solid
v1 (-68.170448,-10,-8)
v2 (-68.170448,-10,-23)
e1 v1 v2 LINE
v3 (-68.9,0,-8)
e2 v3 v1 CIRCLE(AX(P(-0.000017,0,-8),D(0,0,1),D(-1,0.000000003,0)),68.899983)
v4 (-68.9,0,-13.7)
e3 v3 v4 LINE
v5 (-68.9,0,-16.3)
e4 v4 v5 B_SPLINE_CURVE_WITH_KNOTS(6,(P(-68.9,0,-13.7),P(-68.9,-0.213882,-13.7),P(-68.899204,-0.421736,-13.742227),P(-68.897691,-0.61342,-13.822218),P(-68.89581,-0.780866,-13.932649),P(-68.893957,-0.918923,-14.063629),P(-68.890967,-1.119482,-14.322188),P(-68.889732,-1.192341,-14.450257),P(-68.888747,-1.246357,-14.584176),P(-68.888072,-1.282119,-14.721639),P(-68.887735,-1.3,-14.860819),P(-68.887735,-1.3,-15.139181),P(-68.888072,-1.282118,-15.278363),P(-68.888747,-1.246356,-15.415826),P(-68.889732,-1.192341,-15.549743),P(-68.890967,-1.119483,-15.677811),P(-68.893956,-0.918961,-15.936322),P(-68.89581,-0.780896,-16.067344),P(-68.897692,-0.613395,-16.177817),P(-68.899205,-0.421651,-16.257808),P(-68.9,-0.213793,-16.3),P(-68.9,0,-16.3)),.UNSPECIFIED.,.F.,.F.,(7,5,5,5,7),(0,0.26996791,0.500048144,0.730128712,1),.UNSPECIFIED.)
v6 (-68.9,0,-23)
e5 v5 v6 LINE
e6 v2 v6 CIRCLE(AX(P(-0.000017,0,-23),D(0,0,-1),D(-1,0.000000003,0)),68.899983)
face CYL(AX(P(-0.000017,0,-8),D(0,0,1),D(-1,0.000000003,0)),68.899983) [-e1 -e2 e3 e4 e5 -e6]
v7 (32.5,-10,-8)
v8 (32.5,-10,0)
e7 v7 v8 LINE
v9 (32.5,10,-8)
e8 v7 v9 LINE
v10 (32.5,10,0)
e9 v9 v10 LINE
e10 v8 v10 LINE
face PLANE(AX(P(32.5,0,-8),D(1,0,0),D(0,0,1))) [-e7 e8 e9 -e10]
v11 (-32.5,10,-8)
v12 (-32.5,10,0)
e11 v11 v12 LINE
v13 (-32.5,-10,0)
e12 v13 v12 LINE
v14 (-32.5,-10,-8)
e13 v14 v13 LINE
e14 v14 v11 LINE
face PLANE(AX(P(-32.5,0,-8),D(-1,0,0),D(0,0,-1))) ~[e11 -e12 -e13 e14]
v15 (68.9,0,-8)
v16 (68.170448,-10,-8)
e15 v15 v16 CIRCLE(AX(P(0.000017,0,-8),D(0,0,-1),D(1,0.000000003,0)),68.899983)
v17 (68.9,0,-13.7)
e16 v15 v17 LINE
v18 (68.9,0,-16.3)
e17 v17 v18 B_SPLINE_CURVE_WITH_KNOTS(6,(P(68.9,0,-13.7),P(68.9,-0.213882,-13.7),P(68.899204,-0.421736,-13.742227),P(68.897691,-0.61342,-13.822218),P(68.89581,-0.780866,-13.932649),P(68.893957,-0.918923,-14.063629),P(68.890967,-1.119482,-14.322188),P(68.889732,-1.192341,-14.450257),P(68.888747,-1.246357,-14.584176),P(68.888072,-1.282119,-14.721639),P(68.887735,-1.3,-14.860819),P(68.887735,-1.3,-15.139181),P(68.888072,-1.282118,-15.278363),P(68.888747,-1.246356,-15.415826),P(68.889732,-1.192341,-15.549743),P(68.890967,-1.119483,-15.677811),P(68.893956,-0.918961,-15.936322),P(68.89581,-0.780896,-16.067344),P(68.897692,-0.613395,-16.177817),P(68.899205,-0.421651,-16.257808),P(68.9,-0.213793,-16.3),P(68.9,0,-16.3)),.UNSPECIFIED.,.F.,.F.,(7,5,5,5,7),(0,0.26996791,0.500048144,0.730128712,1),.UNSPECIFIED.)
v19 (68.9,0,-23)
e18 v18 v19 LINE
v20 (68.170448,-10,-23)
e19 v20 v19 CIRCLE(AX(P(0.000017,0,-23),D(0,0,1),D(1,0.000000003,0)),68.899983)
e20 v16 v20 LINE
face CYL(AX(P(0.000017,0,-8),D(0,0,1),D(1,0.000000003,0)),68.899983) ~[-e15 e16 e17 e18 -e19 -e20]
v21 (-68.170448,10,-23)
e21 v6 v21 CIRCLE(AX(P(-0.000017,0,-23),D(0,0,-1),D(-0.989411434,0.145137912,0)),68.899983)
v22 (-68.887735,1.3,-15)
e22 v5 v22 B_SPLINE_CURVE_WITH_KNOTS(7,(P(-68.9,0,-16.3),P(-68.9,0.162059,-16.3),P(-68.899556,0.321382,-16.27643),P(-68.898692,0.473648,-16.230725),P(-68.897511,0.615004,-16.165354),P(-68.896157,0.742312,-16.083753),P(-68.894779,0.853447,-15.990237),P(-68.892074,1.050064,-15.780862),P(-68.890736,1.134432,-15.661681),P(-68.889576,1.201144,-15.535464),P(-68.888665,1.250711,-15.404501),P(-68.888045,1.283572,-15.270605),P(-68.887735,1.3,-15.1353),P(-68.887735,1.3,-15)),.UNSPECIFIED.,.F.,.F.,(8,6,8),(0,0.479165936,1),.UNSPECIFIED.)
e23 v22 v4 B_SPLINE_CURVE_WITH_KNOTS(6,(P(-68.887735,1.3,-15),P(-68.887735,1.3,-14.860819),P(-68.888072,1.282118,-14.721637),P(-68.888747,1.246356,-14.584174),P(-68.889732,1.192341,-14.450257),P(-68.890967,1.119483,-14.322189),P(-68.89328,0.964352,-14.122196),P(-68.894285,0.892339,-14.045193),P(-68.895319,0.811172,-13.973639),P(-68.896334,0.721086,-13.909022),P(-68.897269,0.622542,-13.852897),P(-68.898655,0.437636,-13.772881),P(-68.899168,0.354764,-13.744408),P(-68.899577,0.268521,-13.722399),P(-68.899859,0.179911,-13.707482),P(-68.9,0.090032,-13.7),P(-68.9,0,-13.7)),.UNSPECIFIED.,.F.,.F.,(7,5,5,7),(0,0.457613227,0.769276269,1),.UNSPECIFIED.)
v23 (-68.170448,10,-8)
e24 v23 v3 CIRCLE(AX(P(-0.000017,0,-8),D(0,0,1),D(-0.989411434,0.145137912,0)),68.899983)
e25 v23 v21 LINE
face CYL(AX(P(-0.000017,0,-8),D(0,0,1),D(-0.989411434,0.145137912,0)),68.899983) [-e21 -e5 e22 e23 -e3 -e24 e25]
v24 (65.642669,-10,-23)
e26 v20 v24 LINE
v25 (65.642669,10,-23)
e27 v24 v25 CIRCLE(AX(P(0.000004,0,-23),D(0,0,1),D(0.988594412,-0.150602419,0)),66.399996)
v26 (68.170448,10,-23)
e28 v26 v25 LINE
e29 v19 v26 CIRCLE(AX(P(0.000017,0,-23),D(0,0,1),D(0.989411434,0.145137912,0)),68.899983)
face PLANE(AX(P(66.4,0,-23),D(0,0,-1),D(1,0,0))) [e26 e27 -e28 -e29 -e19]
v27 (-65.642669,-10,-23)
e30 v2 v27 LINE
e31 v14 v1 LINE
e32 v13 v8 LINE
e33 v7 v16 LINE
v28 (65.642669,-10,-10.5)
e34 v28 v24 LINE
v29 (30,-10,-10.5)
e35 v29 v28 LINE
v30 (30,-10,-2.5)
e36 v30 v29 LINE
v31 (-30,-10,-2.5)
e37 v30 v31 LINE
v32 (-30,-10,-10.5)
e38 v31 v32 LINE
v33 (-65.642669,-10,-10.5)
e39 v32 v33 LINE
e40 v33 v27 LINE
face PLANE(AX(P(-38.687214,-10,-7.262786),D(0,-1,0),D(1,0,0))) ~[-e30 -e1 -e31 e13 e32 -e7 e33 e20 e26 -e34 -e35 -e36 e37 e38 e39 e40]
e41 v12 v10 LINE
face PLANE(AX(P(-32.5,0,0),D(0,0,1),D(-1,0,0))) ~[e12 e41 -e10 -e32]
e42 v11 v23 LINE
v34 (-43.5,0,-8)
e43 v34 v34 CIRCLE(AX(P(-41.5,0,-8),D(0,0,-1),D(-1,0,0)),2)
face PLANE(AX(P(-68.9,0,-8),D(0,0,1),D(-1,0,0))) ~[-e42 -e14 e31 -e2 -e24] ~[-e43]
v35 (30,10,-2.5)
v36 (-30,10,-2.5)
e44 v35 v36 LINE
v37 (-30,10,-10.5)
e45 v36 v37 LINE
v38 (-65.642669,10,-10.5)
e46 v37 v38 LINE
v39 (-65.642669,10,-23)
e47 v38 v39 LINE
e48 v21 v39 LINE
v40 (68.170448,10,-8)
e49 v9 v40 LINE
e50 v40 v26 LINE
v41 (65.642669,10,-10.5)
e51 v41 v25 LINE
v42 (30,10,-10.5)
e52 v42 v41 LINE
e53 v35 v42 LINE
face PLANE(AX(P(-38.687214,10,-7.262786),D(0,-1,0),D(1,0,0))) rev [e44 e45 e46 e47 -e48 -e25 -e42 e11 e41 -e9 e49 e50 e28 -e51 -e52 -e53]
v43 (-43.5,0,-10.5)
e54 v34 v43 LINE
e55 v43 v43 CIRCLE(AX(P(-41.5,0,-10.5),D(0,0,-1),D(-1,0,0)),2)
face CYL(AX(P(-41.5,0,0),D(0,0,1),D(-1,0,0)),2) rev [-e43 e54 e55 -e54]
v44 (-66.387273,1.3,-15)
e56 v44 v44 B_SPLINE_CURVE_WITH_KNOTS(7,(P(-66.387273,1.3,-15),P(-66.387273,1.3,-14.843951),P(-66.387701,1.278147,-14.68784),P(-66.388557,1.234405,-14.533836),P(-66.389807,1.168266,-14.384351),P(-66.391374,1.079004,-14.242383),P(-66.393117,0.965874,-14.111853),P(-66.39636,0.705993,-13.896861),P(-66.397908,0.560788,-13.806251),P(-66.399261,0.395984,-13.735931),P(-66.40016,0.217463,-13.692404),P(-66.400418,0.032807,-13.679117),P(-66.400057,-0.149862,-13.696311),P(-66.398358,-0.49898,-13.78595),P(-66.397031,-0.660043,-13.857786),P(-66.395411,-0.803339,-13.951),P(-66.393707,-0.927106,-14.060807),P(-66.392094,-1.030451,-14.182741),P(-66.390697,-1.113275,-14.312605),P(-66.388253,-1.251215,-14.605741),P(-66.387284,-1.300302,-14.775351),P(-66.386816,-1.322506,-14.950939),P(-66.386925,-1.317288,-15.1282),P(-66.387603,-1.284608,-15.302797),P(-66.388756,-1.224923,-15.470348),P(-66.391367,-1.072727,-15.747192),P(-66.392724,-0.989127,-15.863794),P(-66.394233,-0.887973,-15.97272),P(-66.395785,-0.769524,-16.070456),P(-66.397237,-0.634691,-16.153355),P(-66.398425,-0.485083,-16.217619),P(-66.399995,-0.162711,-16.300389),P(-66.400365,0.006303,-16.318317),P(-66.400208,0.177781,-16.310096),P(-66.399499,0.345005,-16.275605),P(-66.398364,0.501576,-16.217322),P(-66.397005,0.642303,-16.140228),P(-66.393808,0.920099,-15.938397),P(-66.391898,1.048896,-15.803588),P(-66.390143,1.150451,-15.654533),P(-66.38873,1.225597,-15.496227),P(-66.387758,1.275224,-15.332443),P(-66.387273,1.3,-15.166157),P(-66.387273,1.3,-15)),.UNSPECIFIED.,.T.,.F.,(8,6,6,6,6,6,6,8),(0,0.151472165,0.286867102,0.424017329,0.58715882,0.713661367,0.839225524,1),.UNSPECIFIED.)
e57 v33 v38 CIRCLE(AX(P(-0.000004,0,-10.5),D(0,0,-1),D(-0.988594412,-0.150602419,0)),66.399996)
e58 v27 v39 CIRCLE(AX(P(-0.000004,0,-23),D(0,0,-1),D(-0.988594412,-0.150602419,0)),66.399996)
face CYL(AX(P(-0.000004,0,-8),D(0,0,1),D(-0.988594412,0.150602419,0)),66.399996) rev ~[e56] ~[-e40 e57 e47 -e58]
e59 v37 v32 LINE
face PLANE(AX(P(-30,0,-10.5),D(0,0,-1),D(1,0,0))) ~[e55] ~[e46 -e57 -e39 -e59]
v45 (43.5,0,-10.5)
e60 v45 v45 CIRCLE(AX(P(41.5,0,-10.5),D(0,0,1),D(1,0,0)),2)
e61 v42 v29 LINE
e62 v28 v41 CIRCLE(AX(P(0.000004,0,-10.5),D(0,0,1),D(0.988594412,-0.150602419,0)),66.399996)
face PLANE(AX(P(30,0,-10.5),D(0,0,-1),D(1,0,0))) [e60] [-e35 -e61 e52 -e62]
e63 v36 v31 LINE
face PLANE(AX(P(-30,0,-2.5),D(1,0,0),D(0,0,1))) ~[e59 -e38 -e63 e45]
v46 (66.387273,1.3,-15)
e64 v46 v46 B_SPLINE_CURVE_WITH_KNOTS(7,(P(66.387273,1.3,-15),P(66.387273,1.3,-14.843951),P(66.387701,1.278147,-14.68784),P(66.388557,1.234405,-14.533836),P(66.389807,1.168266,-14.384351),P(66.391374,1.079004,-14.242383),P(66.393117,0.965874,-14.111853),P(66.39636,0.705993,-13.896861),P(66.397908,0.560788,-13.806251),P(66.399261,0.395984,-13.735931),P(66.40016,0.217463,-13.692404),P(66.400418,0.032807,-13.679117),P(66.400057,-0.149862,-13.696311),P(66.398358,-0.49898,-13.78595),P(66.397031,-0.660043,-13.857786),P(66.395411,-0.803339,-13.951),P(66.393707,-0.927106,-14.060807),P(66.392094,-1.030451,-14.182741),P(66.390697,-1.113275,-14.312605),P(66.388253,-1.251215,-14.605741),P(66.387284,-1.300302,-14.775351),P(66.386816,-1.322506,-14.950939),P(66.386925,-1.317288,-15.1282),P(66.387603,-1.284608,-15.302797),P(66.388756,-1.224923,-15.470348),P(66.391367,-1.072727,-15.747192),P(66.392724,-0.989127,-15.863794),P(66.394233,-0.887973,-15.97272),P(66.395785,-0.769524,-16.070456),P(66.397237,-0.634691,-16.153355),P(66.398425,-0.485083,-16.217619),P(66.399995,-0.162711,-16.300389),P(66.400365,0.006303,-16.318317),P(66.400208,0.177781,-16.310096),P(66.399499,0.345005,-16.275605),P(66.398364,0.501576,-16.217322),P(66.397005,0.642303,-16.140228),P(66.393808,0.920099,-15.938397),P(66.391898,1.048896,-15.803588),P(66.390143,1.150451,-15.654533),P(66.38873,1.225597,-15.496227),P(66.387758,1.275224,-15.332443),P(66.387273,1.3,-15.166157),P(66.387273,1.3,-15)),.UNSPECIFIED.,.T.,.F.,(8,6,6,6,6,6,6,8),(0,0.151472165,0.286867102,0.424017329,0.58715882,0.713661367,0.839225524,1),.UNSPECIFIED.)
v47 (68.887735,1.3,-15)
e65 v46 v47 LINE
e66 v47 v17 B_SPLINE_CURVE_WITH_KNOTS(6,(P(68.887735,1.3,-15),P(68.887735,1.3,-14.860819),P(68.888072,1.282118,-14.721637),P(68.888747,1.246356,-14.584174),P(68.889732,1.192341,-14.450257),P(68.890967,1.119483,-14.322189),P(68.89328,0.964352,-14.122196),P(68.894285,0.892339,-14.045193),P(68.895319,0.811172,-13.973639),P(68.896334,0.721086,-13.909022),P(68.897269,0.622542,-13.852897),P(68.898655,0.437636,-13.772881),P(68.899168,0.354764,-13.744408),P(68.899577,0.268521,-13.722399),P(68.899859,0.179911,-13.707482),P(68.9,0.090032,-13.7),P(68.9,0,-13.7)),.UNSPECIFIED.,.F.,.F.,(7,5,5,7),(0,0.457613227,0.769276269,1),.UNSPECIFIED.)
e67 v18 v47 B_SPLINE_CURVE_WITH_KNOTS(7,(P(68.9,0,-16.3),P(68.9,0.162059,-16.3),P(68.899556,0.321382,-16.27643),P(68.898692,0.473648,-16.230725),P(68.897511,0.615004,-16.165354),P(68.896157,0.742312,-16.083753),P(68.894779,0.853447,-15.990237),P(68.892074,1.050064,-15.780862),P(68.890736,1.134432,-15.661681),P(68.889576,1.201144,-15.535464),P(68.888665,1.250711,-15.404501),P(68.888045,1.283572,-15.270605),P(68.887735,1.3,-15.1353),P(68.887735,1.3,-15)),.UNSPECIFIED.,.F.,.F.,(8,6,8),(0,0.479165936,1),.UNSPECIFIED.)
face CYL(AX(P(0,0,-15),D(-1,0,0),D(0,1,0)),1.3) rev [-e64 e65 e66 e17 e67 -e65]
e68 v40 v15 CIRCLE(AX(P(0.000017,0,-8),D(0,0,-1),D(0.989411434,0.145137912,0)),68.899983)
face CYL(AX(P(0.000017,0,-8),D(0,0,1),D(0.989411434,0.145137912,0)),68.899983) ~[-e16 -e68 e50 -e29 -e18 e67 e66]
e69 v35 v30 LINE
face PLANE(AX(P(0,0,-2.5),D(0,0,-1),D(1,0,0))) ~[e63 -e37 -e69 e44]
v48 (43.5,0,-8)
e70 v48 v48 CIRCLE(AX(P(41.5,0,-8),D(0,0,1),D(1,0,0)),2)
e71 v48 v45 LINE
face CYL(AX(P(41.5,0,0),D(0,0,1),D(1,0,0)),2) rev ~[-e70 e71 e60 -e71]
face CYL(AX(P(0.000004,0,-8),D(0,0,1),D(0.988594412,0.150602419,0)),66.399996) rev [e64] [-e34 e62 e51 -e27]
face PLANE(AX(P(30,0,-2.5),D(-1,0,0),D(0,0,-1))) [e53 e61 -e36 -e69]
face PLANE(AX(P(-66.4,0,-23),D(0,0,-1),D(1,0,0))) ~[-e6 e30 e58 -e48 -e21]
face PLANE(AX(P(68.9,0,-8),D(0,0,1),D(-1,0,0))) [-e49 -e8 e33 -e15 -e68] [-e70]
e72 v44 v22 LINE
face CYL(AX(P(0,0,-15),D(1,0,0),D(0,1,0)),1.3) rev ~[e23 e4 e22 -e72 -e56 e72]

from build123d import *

# Parameters (mm, degrees)
F1_DEPTH = 10
F2_R     = 2
F3_DEPTH = 23.001
F5_DEPTH = 15.001
F6_DEPTH = 15
F7_R     = 1.3
F8_DEPTH = 68.901


with BuildPart() as f1:
    # F0 (on Front) → F1 (new body, symmetric)
    with BuildSketch(Plane.XZ):
        Polygon((32.5, 0), (0, 0), (0, -2.5), (30, -2.5), (30, -10.5), (66.4, -10.5), (66.4, -23), (68.9, -23), (68.9, -8), (32.5, -8), align=None)
    extrude(amount=F1_DEPTH, both=True)

    # F2 (on Top) → F3 (cut, through all)
    with BuildSketch(Plane.XY):
        with Locations((41.5, 0)):
            Circle(F2_R)
    extrude(amount=-F3_DEPTH, mode=Mode.SUBTRACT)

    # F4 (on face) → F5 (cut, through all)
    with BuildSketch(Plane.XY.offset(-8)):
        Polygon((70.9, 10), (68.9, 10), (68.9, 0), (68.9, -10), (70.9, -10), align=None)
        with BuildLine():
            Line((68.9, -10), (68.9, 0))
            ThreePointArc((68.9, 0), (68.71737, -5.013288), (68.170448, -10))
            Line((68.170448, -10), (68.9, -10))
        make_face()
        with BuildLine():
            Line((68.9, 10), (68.170448, 10))
            ThreePointArc((68.170448, 10), (68.71737, 5.013288), (68.9, 0))
            Line((68.9, 0), (68.9, 10))
        make_face()
    extrude(amount=-F5_DEPTH, mode=Mode.SUBTRACT)

    # F4 (on face) → F6 (join, through all)
    with BuildSketch(Plane.XY.offset(-8)):
        with BuildLine():
            Line((68.170448, 10), (65.642669, 10))
            ThreePointArc((65.642669, 10), (66.4, 0), (65.642669, -10))
            Line((65.642669, -10), (68.170448, -10))
            ThreePointArc((68.170448, -10), (68.71737, -5.013288), (68.9, 0))
            ThreePointArc((68.9, 0), (68.71737, 5.013288), (68.170448, 10))
        make_face()
    extrude(amount=-F6_DEPTH)

    # F7 (on Right) → F8 (cut, through all)
    with BuildSketch(Plane.YZ):
        with Locations((0, -15)):
            Circle(F7_R)
    extrude(amount=F8_DEPTH, mode=Mode.SUBTRACT)

    # F9: F1 across plane


with BuildPart() as f1_1:
    add(f1.part)
    add(f1.part.mirror(Plane.YZ))


solid = f1_1.part
